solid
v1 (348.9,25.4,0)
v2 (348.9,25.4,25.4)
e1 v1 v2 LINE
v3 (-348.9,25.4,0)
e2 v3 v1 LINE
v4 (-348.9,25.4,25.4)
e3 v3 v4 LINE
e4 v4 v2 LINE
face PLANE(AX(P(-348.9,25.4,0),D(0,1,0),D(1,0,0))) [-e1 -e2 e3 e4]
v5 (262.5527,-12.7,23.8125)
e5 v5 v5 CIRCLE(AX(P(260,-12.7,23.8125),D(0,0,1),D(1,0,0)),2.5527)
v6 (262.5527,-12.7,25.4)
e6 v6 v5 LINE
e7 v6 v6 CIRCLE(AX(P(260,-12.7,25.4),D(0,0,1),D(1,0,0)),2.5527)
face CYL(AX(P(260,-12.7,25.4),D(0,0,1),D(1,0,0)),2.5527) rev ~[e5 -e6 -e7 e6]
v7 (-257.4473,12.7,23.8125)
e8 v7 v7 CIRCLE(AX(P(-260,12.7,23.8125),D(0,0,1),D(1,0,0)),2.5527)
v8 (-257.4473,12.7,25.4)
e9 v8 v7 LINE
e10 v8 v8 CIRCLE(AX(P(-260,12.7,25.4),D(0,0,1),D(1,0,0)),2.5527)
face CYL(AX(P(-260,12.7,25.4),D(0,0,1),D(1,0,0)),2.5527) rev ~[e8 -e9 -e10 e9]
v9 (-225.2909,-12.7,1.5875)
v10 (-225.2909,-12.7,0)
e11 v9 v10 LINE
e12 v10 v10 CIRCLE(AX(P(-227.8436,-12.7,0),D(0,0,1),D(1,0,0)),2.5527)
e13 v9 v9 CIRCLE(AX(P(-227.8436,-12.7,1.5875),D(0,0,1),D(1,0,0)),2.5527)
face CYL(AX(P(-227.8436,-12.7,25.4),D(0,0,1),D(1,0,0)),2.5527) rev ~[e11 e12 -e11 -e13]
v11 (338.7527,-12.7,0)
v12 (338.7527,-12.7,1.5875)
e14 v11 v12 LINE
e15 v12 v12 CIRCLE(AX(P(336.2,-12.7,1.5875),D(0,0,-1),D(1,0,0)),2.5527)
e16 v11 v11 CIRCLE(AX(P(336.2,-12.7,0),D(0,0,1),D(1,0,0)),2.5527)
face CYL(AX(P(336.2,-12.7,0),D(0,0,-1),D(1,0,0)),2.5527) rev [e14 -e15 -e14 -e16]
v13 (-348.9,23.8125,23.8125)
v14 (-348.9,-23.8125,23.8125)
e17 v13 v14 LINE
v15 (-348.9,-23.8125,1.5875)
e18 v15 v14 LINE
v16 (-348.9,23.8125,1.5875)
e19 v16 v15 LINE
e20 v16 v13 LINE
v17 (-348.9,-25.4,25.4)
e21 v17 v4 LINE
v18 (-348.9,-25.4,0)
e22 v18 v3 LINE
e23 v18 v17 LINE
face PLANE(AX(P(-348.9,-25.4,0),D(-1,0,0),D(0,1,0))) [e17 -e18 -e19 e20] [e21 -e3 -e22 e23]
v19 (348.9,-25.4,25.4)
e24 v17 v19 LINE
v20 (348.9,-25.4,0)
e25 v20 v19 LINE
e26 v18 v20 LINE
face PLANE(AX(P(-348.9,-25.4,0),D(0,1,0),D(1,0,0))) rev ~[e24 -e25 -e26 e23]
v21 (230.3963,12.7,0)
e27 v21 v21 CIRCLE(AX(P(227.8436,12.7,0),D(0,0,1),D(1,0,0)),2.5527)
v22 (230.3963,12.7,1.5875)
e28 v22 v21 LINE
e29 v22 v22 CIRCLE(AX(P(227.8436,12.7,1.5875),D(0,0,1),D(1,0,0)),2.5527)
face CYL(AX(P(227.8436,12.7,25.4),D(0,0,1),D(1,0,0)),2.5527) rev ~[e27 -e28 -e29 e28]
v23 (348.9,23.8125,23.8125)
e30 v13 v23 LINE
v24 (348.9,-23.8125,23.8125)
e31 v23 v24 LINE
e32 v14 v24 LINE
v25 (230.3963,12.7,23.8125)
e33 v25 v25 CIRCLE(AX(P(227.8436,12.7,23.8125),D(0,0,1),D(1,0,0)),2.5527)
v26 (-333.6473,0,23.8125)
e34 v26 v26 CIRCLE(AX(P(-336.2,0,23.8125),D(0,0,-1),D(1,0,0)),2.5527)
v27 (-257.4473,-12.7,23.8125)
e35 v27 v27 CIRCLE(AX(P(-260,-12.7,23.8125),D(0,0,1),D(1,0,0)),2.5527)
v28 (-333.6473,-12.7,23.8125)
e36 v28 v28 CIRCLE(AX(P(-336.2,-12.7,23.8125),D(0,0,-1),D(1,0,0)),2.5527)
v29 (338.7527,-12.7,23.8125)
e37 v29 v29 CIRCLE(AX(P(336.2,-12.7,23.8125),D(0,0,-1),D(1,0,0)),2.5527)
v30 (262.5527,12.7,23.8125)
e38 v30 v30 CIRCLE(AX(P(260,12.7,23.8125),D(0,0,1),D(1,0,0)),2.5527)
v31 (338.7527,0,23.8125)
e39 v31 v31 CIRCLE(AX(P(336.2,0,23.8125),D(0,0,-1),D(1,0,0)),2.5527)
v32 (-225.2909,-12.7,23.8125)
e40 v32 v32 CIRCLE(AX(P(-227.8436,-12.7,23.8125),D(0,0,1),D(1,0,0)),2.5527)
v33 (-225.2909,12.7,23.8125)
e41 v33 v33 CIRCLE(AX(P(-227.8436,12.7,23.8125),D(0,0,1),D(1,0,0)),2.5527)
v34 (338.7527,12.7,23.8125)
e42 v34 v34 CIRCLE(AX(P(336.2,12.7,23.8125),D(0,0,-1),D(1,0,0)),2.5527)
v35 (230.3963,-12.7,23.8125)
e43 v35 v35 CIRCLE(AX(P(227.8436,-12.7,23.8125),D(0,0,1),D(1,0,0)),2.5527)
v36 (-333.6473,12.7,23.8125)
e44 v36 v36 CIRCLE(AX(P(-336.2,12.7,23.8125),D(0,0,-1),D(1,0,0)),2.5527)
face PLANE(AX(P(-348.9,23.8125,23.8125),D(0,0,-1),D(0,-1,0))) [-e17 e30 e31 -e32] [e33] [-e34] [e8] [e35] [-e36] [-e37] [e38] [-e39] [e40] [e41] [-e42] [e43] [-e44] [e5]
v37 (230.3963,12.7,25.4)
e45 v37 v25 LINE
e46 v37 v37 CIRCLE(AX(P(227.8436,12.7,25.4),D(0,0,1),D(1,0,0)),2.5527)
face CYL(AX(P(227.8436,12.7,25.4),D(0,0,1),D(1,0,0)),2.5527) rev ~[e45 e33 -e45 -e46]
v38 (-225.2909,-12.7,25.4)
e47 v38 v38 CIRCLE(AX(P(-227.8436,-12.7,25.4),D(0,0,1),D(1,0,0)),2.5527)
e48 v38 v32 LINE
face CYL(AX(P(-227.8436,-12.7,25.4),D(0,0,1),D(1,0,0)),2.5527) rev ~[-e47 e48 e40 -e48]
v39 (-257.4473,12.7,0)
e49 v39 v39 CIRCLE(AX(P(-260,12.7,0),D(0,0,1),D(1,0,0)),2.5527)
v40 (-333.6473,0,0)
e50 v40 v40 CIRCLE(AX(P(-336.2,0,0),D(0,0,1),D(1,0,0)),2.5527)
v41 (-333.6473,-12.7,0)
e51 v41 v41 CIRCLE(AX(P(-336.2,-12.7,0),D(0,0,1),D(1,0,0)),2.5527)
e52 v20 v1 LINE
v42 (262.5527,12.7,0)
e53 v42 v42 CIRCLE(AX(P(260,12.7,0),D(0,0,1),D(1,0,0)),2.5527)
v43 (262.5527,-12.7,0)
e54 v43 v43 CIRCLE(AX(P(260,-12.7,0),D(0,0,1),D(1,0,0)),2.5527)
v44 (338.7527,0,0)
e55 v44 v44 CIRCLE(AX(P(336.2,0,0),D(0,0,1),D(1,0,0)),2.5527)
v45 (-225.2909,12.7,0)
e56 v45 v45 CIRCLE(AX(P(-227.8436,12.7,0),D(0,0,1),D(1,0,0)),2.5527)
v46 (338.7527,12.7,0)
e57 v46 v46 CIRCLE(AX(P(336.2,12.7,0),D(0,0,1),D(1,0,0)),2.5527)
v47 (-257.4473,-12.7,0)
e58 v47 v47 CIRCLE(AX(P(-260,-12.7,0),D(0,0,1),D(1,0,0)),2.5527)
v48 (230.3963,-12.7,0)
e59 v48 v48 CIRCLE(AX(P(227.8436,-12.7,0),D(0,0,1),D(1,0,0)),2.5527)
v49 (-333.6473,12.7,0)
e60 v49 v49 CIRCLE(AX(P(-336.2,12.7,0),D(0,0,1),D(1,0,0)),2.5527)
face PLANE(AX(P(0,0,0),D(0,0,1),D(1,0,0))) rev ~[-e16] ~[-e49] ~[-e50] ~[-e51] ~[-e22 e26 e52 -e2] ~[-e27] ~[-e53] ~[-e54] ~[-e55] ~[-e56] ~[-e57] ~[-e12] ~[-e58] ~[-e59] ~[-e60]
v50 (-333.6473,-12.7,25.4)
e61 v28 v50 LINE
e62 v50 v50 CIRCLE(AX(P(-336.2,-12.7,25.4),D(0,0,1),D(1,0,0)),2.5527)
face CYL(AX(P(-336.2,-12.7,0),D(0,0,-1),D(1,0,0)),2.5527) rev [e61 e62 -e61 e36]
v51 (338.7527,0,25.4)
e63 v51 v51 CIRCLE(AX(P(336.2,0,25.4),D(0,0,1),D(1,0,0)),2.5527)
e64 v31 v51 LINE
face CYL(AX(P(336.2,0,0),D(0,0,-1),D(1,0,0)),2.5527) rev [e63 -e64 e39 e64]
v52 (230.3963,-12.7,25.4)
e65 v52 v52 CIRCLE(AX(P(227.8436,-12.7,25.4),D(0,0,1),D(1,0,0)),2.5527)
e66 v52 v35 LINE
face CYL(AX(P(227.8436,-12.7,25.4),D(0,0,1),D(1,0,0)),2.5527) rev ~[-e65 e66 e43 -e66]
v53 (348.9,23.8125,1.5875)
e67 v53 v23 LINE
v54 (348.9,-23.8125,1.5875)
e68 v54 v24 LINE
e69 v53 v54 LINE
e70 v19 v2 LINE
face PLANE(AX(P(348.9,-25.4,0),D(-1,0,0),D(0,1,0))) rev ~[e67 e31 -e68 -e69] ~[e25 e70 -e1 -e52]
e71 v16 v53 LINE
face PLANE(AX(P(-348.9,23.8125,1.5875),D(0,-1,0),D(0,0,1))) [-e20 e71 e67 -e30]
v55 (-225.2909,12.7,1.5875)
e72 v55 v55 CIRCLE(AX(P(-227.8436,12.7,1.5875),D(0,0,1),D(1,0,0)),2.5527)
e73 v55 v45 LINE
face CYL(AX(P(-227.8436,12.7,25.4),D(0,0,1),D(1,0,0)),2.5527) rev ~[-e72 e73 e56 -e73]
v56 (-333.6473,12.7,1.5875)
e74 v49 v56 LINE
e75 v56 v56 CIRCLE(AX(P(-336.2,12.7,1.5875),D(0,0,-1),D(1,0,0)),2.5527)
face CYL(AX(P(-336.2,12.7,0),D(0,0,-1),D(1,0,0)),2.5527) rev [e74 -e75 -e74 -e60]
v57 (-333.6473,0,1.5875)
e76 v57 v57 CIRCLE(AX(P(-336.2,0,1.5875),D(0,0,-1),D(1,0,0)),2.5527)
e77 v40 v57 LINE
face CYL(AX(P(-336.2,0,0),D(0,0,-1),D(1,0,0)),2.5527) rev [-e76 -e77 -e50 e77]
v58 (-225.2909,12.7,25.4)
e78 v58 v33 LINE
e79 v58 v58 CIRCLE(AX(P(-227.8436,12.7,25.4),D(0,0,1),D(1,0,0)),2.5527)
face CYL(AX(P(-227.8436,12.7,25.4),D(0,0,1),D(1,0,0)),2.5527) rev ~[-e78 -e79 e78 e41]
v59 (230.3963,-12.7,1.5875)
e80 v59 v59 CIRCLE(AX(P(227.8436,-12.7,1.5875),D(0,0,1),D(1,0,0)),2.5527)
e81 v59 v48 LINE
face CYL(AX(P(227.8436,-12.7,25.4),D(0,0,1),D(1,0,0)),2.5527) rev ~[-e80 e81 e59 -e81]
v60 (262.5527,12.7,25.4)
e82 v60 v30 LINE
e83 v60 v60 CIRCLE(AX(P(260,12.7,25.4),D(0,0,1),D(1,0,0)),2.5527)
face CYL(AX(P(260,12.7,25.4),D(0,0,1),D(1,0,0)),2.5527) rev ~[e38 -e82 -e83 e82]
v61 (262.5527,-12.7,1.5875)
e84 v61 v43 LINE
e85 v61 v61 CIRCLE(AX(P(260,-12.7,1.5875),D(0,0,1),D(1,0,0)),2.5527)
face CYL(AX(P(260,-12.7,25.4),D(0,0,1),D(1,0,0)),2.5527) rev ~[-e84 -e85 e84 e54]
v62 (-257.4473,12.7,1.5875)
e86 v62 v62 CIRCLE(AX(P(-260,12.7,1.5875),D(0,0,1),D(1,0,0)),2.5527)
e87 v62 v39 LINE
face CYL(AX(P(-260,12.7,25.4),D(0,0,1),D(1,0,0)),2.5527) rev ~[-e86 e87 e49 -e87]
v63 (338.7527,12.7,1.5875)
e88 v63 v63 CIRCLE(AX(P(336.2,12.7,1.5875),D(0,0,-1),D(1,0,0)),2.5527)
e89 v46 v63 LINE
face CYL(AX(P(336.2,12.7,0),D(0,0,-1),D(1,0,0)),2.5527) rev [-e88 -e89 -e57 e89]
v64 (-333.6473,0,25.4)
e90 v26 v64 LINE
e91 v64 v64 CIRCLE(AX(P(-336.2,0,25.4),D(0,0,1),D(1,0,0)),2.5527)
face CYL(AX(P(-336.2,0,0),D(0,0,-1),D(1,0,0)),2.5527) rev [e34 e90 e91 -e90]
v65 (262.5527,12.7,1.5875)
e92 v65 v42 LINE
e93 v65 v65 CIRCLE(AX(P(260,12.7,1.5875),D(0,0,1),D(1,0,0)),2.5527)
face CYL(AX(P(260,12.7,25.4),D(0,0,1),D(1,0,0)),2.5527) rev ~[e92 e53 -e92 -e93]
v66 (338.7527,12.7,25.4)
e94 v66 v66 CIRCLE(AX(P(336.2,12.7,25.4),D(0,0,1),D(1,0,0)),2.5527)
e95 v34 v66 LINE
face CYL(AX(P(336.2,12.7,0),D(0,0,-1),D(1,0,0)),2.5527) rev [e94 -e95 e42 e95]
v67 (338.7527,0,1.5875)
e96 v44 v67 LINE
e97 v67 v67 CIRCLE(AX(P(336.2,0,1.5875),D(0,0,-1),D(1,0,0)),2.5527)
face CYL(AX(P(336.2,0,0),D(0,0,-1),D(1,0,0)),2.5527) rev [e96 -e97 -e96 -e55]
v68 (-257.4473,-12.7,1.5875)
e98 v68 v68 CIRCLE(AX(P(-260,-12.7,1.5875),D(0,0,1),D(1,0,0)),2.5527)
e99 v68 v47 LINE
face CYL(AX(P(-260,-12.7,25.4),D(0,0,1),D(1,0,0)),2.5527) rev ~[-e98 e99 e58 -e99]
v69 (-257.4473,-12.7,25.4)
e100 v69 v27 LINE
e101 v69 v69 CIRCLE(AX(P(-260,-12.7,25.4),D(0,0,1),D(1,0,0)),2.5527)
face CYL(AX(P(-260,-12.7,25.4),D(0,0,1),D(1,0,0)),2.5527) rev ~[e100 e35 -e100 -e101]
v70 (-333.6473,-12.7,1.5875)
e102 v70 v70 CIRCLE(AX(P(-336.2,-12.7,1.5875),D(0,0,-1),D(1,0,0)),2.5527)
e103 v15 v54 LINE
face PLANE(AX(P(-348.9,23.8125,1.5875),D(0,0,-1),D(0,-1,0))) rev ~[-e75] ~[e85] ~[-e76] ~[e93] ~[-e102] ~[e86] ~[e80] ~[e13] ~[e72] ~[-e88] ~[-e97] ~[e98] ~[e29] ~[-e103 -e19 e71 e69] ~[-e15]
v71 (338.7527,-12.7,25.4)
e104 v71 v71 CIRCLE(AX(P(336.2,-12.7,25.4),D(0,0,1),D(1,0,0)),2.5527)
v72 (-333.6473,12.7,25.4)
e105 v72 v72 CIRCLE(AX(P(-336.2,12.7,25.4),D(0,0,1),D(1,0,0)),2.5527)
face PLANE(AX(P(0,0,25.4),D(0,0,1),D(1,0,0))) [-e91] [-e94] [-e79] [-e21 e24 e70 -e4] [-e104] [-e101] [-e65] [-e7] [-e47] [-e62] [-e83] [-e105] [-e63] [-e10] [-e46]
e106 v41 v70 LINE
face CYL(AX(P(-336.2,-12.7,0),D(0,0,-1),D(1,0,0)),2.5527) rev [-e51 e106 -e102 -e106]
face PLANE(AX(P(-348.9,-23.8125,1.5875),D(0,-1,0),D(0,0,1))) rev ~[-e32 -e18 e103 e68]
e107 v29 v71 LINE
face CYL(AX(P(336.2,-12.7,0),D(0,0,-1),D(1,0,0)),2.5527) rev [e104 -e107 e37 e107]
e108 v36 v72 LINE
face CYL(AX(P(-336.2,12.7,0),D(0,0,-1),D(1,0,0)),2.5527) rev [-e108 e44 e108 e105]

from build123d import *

# Parameters (mm, degrees)
F0_W     = 697.8
F0_H     = 50.8
F0_R     = 2.5527
F1_DEPTH = 25.4
F2_W     = 47.625
F2_H     = 22.225
F3_DEPTH = 697.801
F4_R     = 2.5527
F5_DEPTH = 25.4


with BuildPart() as f1:
    # F0 (on Top) → F1 (new body)
    with BuildSketch(Plane.XY):
        Rectangle(F0_W, F0_H)
        with Locations((-336.2, -12.7)):
            Circle(F0_R, mode=Mode.SUBTRACT)
        with Locations((-336.2, 0)):
            Circle(F0_R, mode=Mode.SUBTRACT)
        with Locations((336.2, -12.7)):
            Circle(F0_R, mode=Mode.SUBTRACT)
        with Locations((336.2, 0)):
            Circle(F0_R, mode=Mode.SUBTRACT)
        with Locations((-336.2, 12.7)):
            Circle(F0_R, mode=Mode.SUBTRACT)
        with Locations((336.2, 12.7)):
            Circle(F0_R, mode=Mode.SUBTRACT)
    extrude(amount=F1_DEPTH)

    # F2 (on face) → F3 (cut, through all)
    with BuildSketch(Plane(origin=(-348.9, 0, 0), x_dir=(0, -1, 0), z_dir=(-1, 0, 0))):
        with Locations((0, 12.7)):
            Rectangle(F2_W, F2_H)
    extrude(amount=-F3_DEPTH, mode=Mode.SUBTRACT)

    # F4 (on face) → F5 (cut)
    with BuildSketch(Plane.XY.offset(25.4)):
        with Locations((-227.8436, 12.7)):
            Circle(F4_R)
        with Locations((-227.8436, -12.7)):
            Circle(F4_R)
        with Locations((-260, -12.7)):
            Circle(F4_R)
        with Locations((-260, 12.7)):
            Circle(F4_R)
        with Locations((227.8436, 12.7)):
            Circle(F4_R)
        with Locations((260, -12.7)):
            Circle(F4_R)
        with Locations((227.8436, -12.7)):
            Circle(F4_R)
        with Locations((260, 12.7)):
            Circle(F4_R)
    extrude(amount=-F5_DEPTH, mode=Mode.SUBTRACT)


solid = f1.part
